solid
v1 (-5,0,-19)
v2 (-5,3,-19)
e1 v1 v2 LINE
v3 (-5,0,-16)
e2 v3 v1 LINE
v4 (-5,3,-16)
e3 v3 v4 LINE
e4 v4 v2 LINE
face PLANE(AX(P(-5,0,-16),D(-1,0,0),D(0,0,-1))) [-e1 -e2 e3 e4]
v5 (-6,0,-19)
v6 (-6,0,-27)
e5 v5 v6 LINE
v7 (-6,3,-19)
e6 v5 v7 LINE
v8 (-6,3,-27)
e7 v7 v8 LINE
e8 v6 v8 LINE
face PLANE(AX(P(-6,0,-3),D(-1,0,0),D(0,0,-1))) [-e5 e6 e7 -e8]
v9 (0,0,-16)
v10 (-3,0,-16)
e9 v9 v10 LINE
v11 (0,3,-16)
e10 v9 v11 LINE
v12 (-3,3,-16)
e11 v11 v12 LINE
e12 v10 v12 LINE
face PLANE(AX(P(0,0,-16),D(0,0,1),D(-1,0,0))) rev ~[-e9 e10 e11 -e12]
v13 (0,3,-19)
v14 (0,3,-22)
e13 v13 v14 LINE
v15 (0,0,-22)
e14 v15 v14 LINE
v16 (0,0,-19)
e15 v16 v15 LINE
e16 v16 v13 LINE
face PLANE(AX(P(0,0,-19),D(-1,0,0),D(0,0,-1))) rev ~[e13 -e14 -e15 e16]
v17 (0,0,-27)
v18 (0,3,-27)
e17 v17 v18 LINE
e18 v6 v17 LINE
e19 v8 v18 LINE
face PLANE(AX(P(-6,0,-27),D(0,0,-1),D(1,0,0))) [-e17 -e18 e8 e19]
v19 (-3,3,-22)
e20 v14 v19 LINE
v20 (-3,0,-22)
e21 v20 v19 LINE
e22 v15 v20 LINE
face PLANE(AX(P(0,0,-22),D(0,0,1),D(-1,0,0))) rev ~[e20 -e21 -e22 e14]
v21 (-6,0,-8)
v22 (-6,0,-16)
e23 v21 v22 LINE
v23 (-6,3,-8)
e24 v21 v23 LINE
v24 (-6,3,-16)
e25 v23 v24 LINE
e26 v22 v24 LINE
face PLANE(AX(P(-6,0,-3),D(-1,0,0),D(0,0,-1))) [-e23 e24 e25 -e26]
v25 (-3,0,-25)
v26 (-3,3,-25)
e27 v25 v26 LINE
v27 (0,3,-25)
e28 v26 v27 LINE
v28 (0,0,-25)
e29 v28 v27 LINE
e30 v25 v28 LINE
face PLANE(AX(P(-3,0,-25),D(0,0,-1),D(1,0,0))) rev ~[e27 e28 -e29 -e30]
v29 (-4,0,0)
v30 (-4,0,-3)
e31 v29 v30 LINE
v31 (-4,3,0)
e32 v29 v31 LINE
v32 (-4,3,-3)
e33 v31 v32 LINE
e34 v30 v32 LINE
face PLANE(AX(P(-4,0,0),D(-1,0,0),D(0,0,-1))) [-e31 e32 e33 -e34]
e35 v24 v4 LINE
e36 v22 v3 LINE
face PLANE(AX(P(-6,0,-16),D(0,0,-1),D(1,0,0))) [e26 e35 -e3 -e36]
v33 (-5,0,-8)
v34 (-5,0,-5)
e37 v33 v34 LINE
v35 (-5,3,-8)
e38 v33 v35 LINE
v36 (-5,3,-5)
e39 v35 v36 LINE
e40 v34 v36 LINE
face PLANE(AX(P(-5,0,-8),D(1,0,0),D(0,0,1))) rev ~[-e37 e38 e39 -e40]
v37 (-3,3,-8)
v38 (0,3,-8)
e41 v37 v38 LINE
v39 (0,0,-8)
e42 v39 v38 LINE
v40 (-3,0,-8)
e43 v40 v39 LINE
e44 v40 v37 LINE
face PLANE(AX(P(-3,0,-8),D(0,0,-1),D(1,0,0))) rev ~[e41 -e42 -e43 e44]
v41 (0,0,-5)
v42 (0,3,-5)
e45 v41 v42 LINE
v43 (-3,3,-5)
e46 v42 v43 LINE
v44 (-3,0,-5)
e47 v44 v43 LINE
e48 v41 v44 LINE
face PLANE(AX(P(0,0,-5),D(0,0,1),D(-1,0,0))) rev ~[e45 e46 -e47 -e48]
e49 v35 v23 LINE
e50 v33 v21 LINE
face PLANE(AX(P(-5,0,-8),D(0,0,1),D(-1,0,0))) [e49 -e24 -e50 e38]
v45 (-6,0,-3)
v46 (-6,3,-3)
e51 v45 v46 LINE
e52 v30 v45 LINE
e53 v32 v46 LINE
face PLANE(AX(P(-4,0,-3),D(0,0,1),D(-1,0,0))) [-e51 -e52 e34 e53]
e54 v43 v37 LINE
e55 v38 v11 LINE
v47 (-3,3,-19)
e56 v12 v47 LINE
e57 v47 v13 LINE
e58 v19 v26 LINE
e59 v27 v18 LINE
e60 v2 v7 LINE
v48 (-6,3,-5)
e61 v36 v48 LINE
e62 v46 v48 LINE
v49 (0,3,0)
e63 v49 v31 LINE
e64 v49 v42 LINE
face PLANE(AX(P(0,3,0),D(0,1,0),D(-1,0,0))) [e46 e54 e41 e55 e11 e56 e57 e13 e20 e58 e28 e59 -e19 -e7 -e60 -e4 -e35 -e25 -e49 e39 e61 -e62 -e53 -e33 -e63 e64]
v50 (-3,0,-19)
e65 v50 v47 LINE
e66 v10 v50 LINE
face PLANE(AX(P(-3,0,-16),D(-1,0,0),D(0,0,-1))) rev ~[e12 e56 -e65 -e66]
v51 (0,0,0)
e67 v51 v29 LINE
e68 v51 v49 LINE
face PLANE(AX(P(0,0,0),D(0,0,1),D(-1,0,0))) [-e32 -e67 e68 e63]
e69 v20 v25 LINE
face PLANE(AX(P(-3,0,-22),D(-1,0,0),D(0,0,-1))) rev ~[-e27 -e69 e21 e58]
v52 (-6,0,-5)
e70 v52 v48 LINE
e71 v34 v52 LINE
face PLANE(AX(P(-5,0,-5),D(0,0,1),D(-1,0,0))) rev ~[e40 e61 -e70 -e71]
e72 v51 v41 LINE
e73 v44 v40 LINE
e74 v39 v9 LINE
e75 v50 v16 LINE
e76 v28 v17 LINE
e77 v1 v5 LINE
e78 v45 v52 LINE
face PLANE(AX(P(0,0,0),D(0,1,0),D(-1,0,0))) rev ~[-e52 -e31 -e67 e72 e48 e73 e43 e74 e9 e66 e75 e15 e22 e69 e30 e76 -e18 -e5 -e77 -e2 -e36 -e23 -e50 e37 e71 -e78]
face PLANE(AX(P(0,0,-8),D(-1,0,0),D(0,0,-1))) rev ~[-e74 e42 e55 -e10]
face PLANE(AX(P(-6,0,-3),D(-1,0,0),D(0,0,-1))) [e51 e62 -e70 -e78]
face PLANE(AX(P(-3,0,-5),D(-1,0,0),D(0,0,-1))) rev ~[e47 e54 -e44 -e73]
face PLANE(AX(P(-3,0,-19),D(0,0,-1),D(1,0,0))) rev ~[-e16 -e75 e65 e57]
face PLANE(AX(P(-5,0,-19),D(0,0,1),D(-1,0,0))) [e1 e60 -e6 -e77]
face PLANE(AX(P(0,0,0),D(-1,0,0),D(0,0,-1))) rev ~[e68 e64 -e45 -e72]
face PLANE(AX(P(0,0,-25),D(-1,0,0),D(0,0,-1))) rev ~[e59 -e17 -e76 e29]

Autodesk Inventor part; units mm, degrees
ref_plane "YZ Plane" through (0, 0, 0) normal (1, 0, 0) x (0, 1, 0)
ref_plane "XZ Plane" through (0, 0, 0) normal (0, 1, 0) x (-1, 0, 0)
ref_plane "XY Plane" through (0, 0, 0) normal (0, 0, 1) x (1, 0, 0)
sketch "Sketch1" plane through (0, 0, 0) normal (0, 1, 0) x (-1, 0, 0)
  line L0 (0, 0) -> (4, 0)
  line L1 (4, 0) -> (4, -3)
  line L2 (4, -3) -> (6, -3)
  line L3 (6, -3) -> (6, -27)
  line L4 (6, -27) -> (0, -27)
  line L5 (0, 0) -> (0, -5)
  line L6 (0, -5) -> (3, -5)
  line L7 (3, -5) -> (3, -8)
  line L8 (3, -8) -> (0, -8)
  line L9 (0, -8) -> (0, -16)
  line L10 (0, -16) -> (3, -16)
  line L11 (3, -16) -> (3, -19)
  line L12 (3, -19) -> (0, -19)
  line L13 (0, -19) -> (0, -22)
  line L14 (0, -22) -> (3, -22)
  line L15 (3, -22) -> (3, -25)
  line L16 (3, -25) -> (0, -25)
  line L17 (0, -25) -> (0, -27)
  dimension "d0" = 4
  dimension "d1" = 3
  dimension "d2" = 2
  dimension "d3" = 24
  dimension "d4" = 5
  dimension "d6" = 3
  dimension "d7" = 8
  dimension "d8" = 3
  dimension "d9" = 3
  dimension "d10" = 3
  dimension "d11" = 3
  dimension "d12" = 3
  dimension "d13" = 3
extrude "Extrusion1" add sketch "Sketch1" along normal blind 3
sketch "Sketch2" plane through (0, 0, 0) normal (0, -1, 0) x (1, 0, 0)
  line L0 (-3, -16) -> (-3, -19) projected
  line L1 (-6, -27) -> (-6, -3) projected
  line L2 (-6, -16) -> (-5, -16)
  line L3 (-5, -16) -> (-5, -19)
  line L4 (-3, -19) -> (0, -19) projected
  line L5 (-5, -19) -> (-6, -19)
  line L6 (-3, -5) -> (-3, -8) projected
  line L7 (-5, -8) -> (-6, -8)
  line L8 (-5, -8) -> (-5, -5)
  line L9 (-5, -5) -> (-6, -5)
  point P0 (0, 0)
  dimension "d16" = 1
extrude "Extrusion2" cut sketch "Sketch2" against normal up to surface (3 mm away)
properties part number "SujeciónSoportes" material "Steel, Alloy"
